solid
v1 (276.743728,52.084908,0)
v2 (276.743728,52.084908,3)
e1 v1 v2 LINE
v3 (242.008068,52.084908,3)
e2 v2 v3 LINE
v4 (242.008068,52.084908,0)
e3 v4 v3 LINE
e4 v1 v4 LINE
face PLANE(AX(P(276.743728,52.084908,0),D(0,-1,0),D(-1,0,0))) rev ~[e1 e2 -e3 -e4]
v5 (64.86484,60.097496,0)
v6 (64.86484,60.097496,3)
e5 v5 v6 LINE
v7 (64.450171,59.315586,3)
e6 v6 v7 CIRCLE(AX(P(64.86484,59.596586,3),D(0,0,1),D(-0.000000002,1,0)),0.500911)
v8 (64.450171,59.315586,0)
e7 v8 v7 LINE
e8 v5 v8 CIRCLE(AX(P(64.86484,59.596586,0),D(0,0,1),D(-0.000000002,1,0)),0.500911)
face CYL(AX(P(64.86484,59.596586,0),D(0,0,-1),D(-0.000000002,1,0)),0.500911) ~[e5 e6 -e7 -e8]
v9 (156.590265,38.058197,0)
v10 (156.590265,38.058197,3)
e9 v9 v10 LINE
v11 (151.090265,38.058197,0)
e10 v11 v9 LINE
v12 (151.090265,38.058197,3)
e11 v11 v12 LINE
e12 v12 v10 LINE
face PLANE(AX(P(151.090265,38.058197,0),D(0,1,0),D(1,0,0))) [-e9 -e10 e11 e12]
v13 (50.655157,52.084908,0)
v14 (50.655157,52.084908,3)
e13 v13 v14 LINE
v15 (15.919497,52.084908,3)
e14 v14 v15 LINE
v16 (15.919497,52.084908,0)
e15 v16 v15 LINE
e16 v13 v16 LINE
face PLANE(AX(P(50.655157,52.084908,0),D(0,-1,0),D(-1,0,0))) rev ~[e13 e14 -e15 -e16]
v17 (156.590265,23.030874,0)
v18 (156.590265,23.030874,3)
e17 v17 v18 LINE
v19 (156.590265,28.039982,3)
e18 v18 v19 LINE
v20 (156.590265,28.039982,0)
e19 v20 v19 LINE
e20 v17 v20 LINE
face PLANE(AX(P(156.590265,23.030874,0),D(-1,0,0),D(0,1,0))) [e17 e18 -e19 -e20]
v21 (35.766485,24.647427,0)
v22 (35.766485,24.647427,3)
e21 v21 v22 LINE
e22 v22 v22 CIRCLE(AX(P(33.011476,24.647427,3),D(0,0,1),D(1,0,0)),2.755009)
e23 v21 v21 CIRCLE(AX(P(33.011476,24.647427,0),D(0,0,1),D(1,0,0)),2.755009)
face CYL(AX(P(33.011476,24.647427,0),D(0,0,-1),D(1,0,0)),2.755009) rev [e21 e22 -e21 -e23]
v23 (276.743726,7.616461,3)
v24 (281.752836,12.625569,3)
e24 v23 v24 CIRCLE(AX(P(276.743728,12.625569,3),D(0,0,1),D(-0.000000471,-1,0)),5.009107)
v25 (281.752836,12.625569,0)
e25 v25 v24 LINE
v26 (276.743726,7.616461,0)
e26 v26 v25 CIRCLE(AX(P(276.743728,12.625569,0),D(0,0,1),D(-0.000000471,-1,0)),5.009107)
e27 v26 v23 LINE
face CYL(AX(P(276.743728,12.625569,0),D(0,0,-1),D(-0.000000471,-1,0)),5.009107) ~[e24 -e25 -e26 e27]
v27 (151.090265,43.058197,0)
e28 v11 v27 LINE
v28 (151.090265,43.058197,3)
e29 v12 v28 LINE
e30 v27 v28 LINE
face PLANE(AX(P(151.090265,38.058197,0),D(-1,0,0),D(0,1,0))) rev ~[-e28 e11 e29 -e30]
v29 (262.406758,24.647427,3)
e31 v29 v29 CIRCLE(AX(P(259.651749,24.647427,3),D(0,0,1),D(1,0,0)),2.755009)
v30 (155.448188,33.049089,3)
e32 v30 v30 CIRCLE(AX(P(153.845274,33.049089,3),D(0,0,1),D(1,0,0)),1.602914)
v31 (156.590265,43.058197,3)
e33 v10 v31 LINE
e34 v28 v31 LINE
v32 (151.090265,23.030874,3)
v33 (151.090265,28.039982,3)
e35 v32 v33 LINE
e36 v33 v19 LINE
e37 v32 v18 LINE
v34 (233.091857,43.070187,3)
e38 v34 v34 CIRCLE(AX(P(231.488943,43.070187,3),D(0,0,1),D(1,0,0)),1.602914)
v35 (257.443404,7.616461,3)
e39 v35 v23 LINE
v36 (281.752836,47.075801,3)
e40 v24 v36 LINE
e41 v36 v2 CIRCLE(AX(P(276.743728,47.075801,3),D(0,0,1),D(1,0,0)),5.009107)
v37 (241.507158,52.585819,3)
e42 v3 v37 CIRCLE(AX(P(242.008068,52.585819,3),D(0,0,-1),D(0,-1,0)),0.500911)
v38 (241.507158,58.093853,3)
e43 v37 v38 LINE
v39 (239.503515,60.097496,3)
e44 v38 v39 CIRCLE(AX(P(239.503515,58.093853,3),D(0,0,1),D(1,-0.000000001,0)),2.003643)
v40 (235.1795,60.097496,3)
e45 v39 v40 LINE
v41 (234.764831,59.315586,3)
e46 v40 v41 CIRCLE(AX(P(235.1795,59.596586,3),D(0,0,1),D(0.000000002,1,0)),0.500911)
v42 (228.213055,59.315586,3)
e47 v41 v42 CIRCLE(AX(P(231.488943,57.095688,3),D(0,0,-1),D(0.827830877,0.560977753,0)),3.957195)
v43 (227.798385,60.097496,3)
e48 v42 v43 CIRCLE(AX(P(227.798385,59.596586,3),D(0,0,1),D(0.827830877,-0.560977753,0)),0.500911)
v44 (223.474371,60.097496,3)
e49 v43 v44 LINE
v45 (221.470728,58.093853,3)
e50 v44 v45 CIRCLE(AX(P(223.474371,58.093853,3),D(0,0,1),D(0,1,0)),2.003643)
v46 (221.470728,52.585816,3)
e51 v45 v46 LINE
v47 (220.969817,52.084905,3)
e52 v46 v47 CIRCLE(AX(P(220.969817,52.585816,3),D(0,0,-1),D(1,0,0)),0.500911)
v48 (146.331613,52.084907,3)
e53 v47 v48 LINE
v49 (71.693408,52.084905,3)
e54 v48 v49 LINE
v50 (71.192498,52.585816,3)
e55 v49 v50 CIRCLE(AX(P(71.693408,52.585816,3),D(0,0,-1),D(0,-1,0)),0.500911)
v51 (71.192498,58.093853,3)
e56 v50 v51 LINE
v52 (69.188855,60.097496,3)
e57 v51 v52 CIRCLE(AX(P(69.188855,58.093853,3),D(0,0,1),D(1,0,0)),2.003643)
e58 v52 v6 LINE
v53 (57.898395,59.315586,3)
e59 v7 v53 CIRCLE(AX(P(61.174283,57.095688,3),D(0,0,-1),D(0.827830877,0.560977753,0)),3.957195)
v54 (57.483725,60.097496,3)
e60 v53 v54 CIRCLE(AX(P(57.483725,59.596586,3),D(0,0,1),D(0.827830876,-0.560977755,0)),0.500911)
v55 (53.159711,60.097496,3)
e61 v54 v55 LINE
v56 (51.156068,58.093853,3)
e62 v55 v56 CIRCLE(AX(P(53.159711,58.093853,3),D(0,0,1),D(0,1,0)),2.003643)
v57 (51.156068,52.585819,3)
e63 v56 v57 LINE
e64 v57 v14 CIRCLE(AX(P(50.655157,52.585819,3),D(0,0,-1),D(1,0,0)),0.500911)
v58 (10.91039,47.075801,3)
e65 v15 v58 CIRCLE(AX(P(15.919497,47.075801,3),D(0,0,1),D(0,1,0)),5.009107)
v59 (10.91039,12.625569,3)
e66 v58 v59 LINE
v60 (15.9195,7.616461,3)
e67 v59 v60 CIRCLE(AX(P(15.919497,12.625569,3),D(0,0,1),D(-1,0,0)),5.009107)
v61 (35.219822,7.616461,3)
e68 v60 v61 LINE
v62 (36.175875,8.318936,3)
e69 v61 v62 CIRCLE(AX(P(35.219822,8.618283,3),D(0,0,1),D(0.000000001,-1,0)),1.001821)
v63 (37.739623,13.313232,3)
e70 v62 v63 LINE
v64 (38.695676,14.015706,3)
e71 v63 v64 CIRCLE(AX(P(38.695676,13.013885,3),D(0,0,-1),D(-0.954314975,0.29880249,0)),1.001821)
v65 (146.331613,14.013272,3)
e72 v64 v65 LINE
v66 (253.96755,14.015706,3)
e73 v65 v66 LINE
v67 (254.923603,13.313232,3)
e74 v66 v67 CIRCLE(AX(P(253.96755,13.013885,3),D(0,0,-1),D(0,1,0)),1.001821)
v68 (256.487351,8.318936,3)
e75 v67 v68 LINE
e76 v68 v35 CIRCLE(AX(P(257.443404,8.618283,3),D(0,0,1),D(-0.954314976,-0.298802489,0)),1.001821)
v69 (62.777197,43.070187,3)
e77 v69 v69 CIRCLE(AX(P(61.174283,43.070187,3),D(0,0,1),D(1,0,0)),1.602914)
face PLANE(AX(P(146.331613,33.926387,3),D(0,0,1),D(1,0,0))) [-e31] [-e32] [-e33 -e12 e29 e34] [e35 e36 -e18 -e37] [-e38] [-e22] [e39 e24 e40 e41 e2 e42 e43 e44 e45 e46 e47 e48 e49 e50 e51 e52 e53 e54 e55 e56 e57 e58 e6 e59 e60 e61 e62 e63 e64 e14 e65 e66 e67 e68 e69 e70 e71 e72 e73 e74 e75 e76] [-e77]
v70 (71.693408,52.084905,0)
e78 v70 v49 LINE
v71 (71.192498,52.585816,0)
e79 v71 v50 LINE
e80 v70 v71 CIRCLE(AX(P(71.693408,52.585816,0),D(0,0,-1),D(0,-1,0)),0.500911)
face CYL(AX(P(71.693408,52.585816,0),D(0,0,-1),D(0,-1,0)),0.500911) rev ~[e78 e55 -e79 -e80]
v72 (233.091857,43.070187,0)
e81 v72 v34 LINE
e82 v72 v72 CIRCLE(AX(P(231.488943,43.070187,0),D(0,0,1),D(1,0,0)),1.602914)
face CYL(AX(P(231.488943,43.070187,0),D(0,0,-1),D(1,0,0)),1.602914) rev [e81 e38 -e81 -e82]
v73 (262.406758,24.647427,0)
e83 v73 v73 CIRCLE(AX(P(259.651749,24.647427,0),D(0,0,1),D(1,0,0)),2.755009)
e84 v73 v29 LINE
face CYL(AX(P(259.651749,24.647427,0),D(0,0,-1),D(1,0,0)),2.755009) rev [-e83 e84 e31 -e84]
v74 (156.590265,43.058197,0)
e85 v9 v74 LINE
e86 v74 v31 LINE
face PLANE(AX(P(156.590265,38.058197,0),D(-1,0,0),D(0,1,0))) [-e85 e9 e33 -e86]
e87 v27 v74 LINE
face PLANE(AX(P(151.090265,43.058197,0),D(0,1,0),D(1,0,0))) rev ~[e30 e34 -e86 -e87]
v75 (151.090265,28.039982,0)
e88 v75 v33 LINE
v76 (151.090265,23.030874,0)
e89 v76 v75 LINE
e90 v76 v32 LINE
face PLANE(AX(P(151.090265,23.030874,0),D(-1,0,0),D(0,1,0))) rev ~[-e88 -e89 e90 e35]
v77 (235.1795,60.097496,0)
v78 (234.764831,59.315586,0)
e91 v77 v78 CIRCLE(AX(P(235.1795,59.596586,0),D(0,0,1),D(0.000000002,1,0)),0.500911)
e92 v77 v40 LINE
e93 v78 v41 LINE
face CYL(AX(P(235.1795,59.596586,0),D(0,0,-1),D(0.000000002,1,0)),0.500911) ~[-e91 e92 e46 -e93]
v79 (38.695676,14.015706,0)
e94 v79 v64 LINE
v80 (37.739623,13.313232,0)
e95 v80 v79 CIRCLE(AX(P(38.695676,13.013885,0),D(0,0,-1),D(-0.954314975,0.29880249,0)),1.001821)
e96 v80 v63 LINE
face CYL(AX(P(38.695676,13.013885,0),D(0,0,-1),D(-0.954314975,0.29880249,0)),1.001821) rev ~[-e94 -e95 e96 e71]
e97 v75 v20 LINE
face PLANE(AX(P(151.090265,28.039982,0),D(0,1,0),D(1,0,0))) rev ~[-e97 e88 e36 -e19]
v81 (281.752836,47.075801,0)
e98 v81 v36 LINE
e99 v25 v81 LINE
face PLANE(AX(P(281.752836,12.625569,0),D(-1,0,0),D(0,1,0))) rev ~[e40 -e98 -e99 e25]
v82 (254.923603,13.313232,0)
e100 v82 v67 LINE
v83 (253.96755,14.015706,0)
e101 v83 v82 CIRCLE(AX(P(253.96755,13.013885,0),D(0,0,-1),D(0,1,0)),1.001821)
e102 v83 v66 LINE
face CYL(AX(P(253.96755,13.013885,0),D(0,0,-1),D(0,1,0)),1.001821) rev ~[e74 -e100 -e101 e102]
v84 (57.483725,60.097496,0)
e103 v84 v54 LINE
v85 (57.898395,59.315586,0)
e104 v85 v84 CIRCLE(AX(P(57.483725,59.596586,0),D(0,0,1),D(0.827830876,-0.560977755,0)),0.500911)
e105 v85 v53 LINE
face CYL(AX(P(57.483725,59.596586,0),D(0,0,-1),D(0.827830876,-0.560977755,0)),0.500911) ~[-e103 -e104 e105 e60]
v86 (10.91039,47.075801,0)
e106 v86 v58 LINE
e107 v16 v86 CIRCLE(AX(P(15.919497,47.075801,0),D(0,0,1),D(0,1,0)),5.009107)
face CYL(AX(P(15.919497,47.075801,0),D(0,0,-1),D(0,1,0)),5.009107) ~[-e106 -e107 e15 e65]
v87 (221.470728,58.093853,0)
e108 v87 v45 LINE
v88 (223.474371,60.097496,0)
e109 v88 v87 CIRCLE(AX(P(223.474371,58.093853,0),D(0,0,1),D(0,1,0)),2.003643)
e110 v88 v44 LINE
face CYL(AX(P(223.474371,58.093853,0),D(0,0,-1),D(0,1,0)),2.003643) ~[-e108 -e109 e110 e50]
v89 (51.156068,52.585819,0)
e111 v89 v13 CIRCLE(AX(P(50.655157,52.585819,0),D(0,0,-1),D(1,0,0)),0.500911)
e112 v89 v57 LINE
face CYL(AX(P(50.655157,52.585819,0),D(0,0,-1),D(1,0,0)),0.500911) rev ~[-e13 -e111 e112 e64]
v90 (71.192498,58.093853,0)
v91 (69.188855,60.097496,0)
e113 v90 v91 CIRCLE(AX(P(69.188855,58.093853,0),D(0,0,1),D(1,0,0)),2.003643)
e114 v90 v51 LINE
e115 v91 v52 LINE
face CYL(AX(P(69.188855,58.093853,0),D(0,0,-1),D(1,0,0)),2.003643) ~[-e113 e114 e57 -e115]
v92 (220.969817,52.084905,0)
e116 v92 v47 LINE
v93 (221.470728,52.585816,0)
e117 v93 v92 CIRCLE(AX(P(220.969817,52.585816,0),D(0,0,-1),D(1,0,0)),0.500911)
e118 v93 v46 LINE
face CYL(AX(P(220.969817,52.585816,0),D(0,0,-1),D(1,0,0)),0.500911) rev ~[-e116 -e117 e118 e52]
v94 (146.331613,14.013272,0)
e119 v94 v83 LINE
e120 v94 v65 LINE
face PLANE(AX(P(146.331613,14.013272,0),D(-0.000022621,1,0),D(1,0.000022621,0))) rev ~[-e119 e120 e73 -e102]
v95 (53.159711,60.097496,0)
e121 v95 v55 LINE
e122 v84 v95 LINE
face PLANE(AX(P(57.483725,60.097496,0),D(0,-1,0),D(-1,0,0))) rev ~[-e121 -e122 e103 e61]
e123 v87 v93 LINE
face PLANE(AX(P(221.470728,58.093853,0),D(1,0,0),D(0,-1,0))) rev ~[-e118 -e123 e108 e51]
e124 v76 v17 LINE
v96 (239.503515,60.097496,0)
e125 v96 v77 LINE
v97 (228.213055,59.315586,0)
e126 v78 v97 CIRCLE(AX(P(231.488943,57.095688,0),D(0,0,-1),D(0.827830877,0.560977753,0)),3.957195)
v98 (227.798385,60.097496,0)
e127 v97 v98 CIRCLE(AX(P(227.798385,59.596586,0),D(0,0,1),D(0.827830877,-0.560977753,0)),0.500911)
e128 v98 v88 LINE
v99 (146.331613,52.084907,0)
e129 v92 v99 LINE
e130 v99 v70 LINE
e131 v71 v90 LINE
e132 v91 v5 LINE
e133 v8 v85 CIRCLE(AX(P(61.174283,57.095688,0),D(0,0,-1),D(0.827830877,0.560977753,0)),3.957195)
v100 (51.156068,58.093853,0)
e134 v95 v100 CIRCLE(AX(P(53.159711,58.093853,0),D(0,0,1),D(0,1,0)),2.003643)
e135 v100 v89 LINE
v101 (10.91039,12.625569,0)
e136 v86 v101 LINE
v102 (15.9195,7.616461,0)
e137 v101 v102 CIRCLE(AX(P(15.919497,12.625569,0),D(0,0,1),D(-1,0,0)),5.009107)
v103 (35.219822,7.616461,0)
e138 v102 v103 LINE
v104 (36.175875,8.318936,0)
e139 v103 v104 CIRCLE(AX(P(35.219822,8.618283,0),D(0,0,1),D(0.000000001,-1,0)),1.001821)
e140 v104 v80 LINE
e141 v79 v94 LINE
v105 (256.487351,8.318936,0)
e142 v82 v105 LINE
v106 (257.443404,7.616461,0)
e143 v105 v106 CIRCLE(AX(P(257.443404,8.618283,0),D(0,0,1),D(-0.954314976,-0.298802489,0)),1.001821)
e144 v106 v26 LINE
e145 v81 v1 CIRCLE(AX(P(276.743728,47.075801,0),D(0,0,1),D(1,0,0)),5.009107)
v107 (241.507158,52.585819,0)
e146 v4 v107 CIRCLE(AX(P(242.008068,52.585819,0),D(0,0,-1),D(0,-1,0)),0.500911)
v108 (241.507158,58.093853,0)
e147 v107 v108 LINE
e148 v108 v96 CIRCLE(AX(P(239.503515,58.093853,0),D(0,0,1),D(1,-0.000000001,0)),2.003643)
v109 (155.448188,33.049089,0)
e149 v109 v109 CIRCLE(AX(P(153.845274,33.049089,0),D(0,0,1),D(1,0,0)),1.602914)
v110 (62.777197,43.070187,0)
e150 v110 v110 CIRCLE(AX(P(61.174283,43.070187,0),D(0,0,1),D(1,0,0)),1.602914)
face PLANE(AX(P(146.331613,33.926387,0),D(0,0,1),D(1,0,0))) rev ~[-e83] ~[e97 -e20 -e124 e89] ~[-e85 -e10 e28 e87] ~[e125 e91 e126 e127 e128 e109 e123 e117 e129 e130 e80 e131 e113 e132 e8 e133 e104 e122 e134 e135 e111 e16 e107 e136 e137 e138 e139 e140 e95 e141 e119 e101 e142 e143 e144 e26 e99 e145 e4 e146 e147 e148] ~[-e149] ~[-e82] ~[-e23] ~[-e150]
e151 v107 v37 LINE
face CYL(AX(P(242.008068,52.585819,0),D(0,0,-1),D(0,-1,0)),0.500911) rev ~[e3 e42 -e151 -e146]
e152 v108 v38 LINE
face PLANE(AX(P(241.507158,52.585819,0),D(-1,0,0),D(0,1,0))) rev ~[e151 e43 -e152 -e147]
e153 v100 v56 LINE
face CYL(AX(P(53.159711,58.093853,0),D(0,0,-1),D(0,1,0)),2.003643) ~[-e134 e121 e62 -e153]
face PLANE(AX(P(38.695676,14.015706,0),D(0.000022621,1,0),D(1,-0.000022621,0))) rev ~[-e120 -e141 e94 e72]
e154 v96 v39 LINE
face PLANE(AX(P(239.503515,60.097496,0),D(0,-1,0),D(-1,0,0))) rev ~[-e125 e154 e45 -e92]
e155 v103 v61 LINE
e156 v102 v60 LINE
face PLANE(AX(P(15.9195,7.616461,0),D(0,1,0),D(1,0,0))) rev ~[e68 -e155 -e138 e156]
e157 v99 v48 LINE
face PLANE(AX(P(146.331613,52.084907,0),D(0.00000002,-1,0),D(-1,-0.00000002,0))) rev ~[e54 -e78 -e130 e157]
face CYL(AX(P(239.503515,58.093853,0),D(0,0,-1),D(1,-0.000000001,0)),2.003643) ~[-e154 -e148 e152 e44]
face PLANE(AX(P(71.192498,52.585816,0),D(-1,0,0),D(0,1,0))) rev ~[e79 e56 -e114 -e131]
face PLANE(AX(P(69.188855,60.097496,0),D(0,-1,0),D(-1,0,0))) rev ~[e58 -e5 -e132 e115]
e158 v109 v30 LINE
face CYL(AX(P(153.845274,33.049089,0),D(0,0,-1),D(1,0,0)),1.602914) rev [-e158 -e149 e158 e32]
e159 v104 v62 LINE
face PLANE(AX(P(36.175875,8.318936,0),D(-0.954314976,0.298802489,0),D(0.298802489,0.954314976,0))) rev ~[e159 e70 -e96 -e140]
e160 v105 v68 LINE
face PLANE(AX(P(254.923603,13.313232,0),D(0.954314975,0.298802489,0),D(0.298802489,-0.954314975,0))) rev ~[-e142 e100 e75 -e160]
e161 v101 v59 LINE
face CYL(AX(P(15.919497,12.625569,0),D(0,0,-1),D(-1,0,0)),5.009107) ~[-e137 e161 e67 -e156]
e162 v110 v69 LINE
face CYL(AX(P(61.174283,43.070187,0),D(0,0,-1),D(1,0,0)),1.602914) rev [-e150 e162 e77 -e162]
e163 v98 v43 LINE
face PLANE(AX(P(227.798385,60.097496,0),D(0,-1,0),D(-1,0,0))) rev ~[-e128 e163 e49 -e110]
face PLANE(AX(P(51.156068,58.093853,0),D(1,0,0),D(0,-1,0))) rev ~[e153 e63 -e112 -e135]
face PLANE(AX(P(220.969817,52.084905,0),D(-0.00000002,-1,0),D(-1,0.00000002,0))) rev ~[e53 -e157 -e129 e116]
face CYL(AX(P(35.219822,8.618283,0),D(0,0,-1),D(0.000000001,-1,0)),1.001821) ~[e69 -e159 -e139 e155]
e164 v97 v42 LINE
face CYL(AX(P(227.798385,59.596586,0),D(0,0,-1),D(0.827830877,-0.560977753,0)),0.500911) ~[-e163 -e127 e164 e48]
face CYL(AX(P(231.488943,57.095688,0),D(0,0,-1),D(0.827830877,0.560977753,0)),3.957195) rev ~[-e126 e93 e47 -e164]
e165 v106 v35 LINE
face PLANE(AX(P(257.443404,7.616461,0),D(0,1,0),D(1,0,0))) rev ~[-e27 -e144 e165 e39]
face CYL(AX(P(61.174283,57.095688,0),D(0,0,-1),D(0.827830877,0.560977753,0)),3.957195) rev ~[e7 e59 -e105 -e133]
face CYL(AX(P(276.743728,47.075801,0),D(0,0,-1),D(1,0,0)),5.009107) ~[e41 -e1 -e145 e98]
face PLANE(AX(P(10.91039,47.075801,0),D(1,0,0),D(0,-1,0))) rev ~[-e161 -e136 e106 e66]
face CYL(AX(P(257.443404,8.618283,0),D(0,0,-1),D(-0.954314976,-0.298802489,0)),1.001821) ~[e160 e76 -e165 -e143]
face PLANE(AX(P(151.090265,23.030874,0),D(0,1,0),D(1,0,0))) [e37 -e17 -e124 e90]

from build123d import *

# Parameters (mm, degrees)
MODEL_R                 = 1.60291439
MODEL_R_2               = 2.755009107
MODEL_W                 = 5.5
MODEL_H                 = 5
MODEL_H_2               = 5.009107468
SALIENTE_EXTRUIR1_DEPTH = 3


with BuildPart() as part:
    # Model → Saliente-Extruir1 (new body)
    with BuildSketch(Plane.XY):
        with BuildLine():
            Line((146.331612735, 52.084906554), (71.693408409, 52.084905051))
            ThreePointArc((71.693408409, 52.084905051), (71.339211023, 52.231618412), (71.192497662, 52.585815798))
            Line((71.192497662, 52.585815798), (71.192497662, 58.093853412))
            ThreePointArc((71.192497662, 58.093853412), (70.605644218, 59.510642955), (69.188854675, 60.097496399))
            Line((69.188854675, 60.097496399), (64.864840233, 60.097496399))
            ThreePointArc((64.864840233, 60.097496399), (64.422309224, 59.831272426), (64.45017085, 59.315585867))
            ThreePointArc((64.45017085, 59.315585867), (61.174282726, 53.138492666), (57.898394601, 59.315585867))
            ThreePointArc((57.898394601, 59.315585867), (57.926256228, 59.831272427), (57.483725218, 60.097496399))
            Line((57.483725218, 60.097496399), (53.159710777, 60.097496399))
            ThreePointArc((53.159710777, 60.097496399), (51.742921234, 59.510642955), (51.15606779, 58.093853412))
            Line((51.15606779, 58.093853412), (51.15606779, 52.585818804))
            ThreePointArc((51.15606779, 52.585818804), (51.009354429, 52.231621418), (50.655157043, 52.084908057))
            Line((50.655157043, 52.084908057), (20.928604766, 52.084908057))
            Line((20.928604766, 52.084908057), (15.919497298, 52.084908057))
            ThreePointArc((15.919497298, 52.084908057), (12.37752344, 50.617774447), (10.91038983, 47.075800589))
            Line((10.91038983, 47.075800589), (10.91038983, 12.625568804))
            ThreePointArc((10.91038983, 12.625568804), (12.377524274, 9.083594111), (15.919499658, 7.616461335))
            Line((15.919499658, 7.616461335), (35.219821515, 7.616461335))
            ThreePointArc((35.219821515, 7.616461335), (35.81301385, 7.810960614), (36.17587477, 8.318936073))
            Line((36.17587477, 8.318936073), (37.739622557, 13.313231589))
            ThreePointArc((37.739622557, 13.313231589), (38.102483477, 13.821207048), (38.695675812, 14.015706326))
            Line((38.695675812, 14.015706326), (146.331612735, 14.013271547))
            Line((146.331612735, 14.013271547), (253.967549659, 14.015706326))
            ThreePointArc((253.967549659, 14.015706326), (254.560741993, 13.821207048), (254.923602913, 13.313231589))
            Line((254.923602913, 13.313231589), (256.487350701, 8.318936073))
            ThreePointArc((256.487350701, 8.318936073), (256.85021162, 7.810960614), (257.443403955, 7.616461335))
            Line((257.443403955, 7.616461335), (276.743725812, 7.616461335))
            ThreePointArc((276.743725812, 7.616461335), (280.285701196, 9.083594111), (281.75283564, 12.625568804))
            Line((281.75283564, 12.625568804), (281.75283564, 47.075800589))
            ThreePointArc((281.75283564, 47.075800589), (280.285702031, 50.617774447), (276.743728172, 52.084908057))
            Line((276.743728172, 52.084908057), (271.734620704, 52.084908057))
            Line((271.734620704, 52.084908057), (242.008068427, 52.084908057))
            ThreePointArc((242.008068427, 52.084908057), (241.653871041, 52.231621418), (241.50715768, 52.585818804))
            Line((241.50715768, 52.585818804), (241.50715768, 58.093853412))
            ThreePointArc((241.50715768, 58.093853412), (240.920304237, 59.510642955), (239.503514693, 60.097496399))
            Line((239.503514693, 60.097496399), (235.179500252, 60.097496399))
            ThreePointArc((235.179500252, 60.097496399), (234.736969242, 59.831272427), (234.764830869, 59.315585867))
            ThreePointArc((234.764830869, 59.315585867), (231.488942744, 53.138492666), (228.21305462, 59.315585867))
            ThreePointArc((228.21305462, 59.315585867), (228.240916247, 59.831272426), (227.798385238, 60.097496399))
            Line((227.798385238, 60.097496399), (223.474370795, 60.097496399))
            ThreePointArc((223.474370795, 60.097496399), (222.057581252, 59.510642955), (221.470727808, 58.093853412))
            Line((221.470727808, 58.093853412), (221.470727808, 52.585815798))
            ThreePointArc((221.470727808, 52.585815798), (221.324014447, 52.231618412), (220.969817061, 52.084905051))
            Line((220.969817061, 52.084905051), (146.331612735, 52.084906554))
        make_face()
        with Locations((61.174282726, 43.070186654)):
            Circle(MODEL_R, mode=Mode.SUBTRACT)
        with Locations((231.488942744, 43.070186654)):
            Circle(MODEL_R, mode=Mode.SUBTRACT)
        with Locations((153.845273937, 33.04908905)):
            Circle(MODEL_R, mode=Mode.SUBTRACT)
        with Locations((33.011476123, 24.647426727)):
            Circle(MODEL_R_2, mode=Mode.SUBTRACT)
        with Locations((259.651749347, 24.647426727)):
            Circle(MODEL_R_2, mode=Mode.SUBTRACT)
        with Locations((153.84026483, 40.558196518)):
            Rectangle(MODEL_W, MODEL_H, mode=Mode.SUBTRACT)
        with Locations((153.84026483, 25.535427848)):
            Rectangle(MODEL_W, MODEL_H_2, mode=Mode.SUBTRACT)
    extrude(amount=SALIENTE_EXTRUIR1_DEPTH)


solid = part.part
